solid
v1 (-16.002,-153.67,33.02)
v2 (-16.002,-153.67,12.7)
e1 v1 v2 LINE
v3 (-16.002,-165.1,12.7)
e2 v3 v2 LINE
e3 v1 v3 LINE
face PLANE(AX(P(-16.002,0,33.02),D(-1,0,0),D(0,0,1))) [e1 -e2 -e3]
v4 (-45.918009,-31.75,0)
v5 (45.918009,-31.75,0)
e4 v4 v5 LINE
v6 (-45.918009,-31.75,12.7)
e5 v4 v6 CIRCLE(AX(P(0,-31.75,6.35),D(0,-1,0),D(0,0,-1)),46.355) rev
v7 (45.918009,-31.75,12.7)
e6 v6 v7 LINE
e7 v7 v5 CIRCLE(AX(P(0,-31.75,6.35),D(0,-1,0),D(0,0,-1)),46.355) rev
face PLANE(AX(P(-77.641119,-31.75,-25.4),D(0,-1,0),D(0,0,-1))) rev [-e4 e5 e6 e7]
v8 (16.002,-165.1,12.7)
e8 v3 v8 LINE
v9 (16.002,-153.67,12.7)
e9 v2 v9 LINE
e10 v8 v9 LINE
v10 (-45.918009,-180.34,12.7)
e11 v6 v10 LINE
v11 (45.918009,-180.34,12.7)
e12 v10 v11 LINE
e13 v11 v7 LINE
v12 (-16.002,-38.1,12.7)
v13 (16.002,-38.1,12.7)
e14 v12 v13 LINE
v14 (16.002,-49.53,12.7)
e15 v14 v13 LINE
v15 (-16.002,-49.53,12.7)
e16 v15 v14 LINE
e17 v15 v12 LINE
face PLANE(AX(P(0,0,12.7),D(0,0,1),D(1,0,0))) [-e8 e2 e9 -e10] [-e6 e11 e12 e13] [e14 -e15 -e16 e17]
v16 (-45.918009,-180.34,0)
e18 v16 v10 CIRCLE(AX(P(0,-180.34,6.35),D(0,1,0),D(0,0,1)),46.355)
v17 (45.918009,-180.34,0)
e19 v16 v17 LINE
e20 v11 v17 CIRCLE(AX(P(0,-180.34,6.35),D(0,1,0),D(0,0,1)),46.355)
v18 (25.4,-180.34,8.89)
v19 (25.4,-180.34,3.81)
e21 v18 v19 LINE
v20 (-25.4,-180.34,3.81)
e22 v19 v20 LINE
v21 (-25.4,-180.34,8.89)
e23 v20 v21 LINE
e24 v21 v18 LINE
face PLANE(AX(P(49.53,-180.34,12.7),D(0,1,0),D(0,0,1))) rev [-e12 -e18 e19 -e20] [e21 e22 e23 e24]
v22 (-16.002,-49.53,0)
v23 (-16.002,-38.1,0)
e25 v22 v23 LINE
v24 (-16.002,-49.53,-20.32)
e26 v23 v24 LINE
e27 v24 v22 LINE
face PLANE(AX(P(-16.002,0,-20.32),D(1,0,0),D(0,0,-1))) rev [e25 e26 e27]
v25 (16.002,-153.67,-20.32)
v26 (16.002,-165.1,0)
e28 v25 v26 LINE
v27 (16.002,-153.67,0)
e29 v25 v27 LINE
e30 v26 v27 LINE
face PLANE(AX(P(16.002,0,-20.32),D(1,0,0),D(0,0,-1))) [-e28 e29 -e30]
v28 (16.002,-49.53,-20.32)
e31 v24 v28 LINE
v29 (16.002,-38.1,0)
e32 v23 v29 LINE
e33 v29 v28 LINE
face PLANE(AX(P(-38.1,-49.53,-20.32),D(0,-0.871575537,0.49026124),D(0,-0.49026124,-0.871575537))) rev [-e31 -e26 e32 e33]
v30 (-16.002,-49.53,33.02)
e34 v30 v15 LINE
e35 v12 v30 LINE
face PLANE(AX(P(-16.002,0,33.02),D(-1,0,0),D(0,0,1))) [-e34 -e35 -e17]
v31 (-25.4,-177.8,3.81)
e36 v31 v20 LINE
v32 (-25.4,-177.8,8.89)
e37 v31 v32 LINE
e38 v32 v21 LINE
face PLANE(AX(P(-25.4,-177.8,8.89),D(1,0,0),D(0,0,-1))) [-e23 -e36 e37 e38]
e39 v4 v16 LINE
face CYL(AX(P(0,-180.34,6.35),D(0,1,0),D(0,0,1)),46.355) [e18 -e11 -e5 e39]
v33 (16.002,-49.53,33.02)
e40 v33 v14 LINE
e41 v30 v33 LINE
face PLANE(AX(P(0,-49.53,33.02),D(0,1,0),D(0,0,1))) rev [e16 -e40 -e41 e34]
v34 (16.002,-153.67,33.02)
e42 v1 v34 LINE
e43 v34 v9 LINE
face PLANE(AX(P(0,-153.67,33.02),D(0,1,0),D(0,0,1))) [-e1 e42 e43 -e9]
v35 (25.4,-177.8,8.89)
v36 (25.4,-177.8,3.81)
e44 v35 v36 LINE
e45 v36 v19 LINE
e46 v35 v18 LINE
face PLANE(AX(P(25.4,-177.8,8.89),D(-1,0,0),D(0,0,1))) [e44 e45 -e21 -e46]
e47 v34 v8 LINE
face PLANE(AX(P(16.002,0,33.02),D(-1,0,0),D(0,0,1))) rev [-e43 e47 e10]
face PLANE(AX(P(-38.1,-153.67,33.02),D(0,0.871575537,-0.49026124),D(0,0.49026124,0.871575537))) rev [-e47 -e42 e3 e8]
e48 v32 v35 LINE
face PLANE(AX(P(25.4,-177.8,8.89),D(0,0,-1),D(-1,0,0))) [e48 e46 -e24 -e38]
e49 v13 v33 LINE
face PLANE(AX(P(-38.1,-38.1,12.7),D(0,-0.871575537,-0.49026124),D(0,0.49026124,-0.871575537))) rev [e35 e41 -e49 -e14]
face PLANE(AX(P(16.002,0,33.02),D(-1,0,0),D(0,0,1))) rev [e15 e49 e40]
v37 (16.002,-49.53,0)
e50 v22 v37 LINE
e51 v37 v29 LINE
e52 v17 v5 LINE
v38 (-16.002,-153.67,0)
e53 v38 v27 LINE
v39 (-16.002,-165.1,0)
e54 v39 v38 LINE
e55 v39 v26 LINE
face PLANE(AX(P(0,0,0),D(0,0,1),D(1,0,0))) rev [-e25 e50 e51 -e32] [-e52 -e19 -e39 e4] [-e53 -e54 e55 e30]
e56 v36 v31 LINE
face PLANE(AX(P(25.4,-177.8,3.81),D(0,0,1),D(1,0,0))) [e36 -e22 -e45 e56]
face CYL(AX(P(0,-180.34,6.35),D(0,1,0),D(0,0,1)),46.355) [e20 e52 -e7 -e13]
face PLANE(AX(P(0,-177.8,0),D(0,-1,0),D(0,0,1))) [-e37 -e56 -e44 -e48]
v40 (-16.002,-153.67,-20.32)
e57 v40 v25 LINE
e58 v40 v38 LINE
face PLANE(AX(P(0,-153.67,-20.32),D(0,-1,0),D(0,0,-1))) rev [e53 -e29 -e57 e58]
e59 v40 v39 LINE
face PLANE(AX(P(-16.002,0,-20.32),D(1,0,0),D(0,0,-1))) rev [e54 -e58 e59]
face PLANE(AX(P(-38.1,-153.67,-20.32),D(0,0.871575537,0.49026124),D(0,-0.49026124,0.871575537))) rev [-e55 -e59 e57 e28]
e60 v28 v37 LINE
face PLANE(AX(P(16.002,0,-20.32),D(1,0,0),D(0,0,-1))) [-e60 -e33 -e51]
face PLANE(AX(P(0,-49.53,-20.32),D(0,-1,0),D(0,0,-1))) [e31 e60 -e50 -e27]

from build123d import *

# Parameters (mm, degrees)
SKETCH1_W           = 99.06
SKETCH1_H           = 360.68
BOSS_EXTRUDE1_DEPTH = 12.7
SKETCH3_W           = 32.004
SKETCH3_H           = 11.43
BOSS_EXTRUDE3_DEPTH = 20.32
SKETCH2_W           = 55.88
SKETCH2_H           = 12.7
BOSS_EXTRUDE4_DEPTH = 7.62
CUT_EXTRUDE2_DEPTH  = 38.1
SKETCH6_W           = 50.8
SKETCH6_H           = 5.08
CUT_EXTRUDE3_DEPTH  = 2.54
SKETCH7_R           = 50.8
SKETCH7_R_2         = 46.355
CUT_EXTRUDE4_DEPTH  = 366.559302576
SKETCH9_W           = 155.282238602
SKETCH9_H           = 226.847096393
CUT_EXTRUDE9_DEPTH  = 25.4


with BuildPart() as part:
    # Sketch1 → Boss-Extrude1 (new body)
    with BuildSketch(Plane.XY):
        Rectangle(SKETCH1_W, SKETCH1_H)
    extrude(amount=BOSS_EXTRUDE1_DEPTH)

    # Sketch3 → Boss-Extrude3 (add)
    with BuildSketch(Plane(origin=(0, 0, 0), x_dir=(-1, 0, 0), z_dir=(0, 0, -1))):
        with Locations((0, -43.815)):
            Rectangle(SKETCH3_W, SKETCH3_H)
        with Locations((0, -159.385)):
            Rectangle(SKETCH3_W, SKETCH3_H)
    boss_extrude3 = extrude(amount=BOSS_EXTRUDE3_DEPTH)

    # Sketch2 → Boss-Extrude4 (add, symmetric)
    with BuildSketch(Plane.XY.offset(12.7)):
        with Locations((0, 171.45)):
            Rectangle(SKETCH2_W, SKETCH2_H)
        with Locations((0, -19.05)):
            Rectangle(SKETCH2_W, SKETCH2_H)
    extrude(amount=BOSS_EXTRUDE4_DEPTH, both=True)

    # Mirror1: Boss-Extrude3 across plane
    add(boss_extrude3.mirror(Plane.XY.offset(6.35)))

    # Sketch5 → Cut-Extrude2 (cut, symmetric)
    with BuildSketch(Plane(origin=(0, 0, 0), x_dir=(0, 0, -1), z_dir=(1, 0, 0))):
        Polygon((20.32, -153.67), (0, -165.1), (20.32, -165.1), align=None)
        Polygon((-33.02, -153.67), (-12.7, -165.1), (-33.02, -165.1), align=None)
        Polygon((-33.02, -49.53), (-33.02, -38.1), (-12.7, -38.1), align=None)
        Polygon((20.32, -49.53), (0, -38.1), (20.32, -38.1), align=None)
        Polygon((-12.7, 177.8), (-20.32, 165.1), (-20.32, 177.8), align=None)
        Polygon((-20.32, -12.7), (-12.7, -25.4), (-20.32, -25.4), align=None)
    extrude(amount=CUT_EXTRUDE2_DEPTH, both=True, mode=Mode.SUBTRACT)

    # Sketch6 → Cut-Extrude3 (cut)
    with BuildSketch(Plane(origin=(0, 180.34, 0), x_dir=(1, 0, 0), z_dir=(0, 1, 0))):
        with Locations((0, -6.35)):
            Rectangle(SKETCH6_W, SKETCH6_H)
    cut_extrude3 = extrude(amount=-CUT_EXTRUDE3_DEPTH, mode=Mode.SUBTRACT)

    # Mirror2: Cut-Extrude3 across plane
    add(cut_extrude3.mirror(Plane.ZX), mode=Mode.SUBTRACT)

    # Sketch7 → Cut-Extrude4 (cut, through all)
    with BuildSketch(Plane(origin=(0, 180.34, 0), x_dir=(1, 0, 0), z_dir=(0, 1, 0))):
        with Locations((0, -6.35)):
            Circle(SKETCH7_R)
        with Locations((0, -6.35)):
            Circle(SKETCH7_R_2, mode=Mode.SUBTRACT)
    extrude(amount=-CUT_EXTRUDE4_DEPTH, mode=Mode.SUBTRACT)

    # Sketch9 → Cut-Extrude9 (cut, symmetric)
    with BuildSketch(Plane.XY):
        with Locations((0, 81.673548197)):
            Rectangle(SKETCH9_W, SKETCH9_H)
    extrude(amount=CUT_EXTRUDE9_DEPTH, both=True, mode=Mode.SUBTRACT)


solid = part.part
